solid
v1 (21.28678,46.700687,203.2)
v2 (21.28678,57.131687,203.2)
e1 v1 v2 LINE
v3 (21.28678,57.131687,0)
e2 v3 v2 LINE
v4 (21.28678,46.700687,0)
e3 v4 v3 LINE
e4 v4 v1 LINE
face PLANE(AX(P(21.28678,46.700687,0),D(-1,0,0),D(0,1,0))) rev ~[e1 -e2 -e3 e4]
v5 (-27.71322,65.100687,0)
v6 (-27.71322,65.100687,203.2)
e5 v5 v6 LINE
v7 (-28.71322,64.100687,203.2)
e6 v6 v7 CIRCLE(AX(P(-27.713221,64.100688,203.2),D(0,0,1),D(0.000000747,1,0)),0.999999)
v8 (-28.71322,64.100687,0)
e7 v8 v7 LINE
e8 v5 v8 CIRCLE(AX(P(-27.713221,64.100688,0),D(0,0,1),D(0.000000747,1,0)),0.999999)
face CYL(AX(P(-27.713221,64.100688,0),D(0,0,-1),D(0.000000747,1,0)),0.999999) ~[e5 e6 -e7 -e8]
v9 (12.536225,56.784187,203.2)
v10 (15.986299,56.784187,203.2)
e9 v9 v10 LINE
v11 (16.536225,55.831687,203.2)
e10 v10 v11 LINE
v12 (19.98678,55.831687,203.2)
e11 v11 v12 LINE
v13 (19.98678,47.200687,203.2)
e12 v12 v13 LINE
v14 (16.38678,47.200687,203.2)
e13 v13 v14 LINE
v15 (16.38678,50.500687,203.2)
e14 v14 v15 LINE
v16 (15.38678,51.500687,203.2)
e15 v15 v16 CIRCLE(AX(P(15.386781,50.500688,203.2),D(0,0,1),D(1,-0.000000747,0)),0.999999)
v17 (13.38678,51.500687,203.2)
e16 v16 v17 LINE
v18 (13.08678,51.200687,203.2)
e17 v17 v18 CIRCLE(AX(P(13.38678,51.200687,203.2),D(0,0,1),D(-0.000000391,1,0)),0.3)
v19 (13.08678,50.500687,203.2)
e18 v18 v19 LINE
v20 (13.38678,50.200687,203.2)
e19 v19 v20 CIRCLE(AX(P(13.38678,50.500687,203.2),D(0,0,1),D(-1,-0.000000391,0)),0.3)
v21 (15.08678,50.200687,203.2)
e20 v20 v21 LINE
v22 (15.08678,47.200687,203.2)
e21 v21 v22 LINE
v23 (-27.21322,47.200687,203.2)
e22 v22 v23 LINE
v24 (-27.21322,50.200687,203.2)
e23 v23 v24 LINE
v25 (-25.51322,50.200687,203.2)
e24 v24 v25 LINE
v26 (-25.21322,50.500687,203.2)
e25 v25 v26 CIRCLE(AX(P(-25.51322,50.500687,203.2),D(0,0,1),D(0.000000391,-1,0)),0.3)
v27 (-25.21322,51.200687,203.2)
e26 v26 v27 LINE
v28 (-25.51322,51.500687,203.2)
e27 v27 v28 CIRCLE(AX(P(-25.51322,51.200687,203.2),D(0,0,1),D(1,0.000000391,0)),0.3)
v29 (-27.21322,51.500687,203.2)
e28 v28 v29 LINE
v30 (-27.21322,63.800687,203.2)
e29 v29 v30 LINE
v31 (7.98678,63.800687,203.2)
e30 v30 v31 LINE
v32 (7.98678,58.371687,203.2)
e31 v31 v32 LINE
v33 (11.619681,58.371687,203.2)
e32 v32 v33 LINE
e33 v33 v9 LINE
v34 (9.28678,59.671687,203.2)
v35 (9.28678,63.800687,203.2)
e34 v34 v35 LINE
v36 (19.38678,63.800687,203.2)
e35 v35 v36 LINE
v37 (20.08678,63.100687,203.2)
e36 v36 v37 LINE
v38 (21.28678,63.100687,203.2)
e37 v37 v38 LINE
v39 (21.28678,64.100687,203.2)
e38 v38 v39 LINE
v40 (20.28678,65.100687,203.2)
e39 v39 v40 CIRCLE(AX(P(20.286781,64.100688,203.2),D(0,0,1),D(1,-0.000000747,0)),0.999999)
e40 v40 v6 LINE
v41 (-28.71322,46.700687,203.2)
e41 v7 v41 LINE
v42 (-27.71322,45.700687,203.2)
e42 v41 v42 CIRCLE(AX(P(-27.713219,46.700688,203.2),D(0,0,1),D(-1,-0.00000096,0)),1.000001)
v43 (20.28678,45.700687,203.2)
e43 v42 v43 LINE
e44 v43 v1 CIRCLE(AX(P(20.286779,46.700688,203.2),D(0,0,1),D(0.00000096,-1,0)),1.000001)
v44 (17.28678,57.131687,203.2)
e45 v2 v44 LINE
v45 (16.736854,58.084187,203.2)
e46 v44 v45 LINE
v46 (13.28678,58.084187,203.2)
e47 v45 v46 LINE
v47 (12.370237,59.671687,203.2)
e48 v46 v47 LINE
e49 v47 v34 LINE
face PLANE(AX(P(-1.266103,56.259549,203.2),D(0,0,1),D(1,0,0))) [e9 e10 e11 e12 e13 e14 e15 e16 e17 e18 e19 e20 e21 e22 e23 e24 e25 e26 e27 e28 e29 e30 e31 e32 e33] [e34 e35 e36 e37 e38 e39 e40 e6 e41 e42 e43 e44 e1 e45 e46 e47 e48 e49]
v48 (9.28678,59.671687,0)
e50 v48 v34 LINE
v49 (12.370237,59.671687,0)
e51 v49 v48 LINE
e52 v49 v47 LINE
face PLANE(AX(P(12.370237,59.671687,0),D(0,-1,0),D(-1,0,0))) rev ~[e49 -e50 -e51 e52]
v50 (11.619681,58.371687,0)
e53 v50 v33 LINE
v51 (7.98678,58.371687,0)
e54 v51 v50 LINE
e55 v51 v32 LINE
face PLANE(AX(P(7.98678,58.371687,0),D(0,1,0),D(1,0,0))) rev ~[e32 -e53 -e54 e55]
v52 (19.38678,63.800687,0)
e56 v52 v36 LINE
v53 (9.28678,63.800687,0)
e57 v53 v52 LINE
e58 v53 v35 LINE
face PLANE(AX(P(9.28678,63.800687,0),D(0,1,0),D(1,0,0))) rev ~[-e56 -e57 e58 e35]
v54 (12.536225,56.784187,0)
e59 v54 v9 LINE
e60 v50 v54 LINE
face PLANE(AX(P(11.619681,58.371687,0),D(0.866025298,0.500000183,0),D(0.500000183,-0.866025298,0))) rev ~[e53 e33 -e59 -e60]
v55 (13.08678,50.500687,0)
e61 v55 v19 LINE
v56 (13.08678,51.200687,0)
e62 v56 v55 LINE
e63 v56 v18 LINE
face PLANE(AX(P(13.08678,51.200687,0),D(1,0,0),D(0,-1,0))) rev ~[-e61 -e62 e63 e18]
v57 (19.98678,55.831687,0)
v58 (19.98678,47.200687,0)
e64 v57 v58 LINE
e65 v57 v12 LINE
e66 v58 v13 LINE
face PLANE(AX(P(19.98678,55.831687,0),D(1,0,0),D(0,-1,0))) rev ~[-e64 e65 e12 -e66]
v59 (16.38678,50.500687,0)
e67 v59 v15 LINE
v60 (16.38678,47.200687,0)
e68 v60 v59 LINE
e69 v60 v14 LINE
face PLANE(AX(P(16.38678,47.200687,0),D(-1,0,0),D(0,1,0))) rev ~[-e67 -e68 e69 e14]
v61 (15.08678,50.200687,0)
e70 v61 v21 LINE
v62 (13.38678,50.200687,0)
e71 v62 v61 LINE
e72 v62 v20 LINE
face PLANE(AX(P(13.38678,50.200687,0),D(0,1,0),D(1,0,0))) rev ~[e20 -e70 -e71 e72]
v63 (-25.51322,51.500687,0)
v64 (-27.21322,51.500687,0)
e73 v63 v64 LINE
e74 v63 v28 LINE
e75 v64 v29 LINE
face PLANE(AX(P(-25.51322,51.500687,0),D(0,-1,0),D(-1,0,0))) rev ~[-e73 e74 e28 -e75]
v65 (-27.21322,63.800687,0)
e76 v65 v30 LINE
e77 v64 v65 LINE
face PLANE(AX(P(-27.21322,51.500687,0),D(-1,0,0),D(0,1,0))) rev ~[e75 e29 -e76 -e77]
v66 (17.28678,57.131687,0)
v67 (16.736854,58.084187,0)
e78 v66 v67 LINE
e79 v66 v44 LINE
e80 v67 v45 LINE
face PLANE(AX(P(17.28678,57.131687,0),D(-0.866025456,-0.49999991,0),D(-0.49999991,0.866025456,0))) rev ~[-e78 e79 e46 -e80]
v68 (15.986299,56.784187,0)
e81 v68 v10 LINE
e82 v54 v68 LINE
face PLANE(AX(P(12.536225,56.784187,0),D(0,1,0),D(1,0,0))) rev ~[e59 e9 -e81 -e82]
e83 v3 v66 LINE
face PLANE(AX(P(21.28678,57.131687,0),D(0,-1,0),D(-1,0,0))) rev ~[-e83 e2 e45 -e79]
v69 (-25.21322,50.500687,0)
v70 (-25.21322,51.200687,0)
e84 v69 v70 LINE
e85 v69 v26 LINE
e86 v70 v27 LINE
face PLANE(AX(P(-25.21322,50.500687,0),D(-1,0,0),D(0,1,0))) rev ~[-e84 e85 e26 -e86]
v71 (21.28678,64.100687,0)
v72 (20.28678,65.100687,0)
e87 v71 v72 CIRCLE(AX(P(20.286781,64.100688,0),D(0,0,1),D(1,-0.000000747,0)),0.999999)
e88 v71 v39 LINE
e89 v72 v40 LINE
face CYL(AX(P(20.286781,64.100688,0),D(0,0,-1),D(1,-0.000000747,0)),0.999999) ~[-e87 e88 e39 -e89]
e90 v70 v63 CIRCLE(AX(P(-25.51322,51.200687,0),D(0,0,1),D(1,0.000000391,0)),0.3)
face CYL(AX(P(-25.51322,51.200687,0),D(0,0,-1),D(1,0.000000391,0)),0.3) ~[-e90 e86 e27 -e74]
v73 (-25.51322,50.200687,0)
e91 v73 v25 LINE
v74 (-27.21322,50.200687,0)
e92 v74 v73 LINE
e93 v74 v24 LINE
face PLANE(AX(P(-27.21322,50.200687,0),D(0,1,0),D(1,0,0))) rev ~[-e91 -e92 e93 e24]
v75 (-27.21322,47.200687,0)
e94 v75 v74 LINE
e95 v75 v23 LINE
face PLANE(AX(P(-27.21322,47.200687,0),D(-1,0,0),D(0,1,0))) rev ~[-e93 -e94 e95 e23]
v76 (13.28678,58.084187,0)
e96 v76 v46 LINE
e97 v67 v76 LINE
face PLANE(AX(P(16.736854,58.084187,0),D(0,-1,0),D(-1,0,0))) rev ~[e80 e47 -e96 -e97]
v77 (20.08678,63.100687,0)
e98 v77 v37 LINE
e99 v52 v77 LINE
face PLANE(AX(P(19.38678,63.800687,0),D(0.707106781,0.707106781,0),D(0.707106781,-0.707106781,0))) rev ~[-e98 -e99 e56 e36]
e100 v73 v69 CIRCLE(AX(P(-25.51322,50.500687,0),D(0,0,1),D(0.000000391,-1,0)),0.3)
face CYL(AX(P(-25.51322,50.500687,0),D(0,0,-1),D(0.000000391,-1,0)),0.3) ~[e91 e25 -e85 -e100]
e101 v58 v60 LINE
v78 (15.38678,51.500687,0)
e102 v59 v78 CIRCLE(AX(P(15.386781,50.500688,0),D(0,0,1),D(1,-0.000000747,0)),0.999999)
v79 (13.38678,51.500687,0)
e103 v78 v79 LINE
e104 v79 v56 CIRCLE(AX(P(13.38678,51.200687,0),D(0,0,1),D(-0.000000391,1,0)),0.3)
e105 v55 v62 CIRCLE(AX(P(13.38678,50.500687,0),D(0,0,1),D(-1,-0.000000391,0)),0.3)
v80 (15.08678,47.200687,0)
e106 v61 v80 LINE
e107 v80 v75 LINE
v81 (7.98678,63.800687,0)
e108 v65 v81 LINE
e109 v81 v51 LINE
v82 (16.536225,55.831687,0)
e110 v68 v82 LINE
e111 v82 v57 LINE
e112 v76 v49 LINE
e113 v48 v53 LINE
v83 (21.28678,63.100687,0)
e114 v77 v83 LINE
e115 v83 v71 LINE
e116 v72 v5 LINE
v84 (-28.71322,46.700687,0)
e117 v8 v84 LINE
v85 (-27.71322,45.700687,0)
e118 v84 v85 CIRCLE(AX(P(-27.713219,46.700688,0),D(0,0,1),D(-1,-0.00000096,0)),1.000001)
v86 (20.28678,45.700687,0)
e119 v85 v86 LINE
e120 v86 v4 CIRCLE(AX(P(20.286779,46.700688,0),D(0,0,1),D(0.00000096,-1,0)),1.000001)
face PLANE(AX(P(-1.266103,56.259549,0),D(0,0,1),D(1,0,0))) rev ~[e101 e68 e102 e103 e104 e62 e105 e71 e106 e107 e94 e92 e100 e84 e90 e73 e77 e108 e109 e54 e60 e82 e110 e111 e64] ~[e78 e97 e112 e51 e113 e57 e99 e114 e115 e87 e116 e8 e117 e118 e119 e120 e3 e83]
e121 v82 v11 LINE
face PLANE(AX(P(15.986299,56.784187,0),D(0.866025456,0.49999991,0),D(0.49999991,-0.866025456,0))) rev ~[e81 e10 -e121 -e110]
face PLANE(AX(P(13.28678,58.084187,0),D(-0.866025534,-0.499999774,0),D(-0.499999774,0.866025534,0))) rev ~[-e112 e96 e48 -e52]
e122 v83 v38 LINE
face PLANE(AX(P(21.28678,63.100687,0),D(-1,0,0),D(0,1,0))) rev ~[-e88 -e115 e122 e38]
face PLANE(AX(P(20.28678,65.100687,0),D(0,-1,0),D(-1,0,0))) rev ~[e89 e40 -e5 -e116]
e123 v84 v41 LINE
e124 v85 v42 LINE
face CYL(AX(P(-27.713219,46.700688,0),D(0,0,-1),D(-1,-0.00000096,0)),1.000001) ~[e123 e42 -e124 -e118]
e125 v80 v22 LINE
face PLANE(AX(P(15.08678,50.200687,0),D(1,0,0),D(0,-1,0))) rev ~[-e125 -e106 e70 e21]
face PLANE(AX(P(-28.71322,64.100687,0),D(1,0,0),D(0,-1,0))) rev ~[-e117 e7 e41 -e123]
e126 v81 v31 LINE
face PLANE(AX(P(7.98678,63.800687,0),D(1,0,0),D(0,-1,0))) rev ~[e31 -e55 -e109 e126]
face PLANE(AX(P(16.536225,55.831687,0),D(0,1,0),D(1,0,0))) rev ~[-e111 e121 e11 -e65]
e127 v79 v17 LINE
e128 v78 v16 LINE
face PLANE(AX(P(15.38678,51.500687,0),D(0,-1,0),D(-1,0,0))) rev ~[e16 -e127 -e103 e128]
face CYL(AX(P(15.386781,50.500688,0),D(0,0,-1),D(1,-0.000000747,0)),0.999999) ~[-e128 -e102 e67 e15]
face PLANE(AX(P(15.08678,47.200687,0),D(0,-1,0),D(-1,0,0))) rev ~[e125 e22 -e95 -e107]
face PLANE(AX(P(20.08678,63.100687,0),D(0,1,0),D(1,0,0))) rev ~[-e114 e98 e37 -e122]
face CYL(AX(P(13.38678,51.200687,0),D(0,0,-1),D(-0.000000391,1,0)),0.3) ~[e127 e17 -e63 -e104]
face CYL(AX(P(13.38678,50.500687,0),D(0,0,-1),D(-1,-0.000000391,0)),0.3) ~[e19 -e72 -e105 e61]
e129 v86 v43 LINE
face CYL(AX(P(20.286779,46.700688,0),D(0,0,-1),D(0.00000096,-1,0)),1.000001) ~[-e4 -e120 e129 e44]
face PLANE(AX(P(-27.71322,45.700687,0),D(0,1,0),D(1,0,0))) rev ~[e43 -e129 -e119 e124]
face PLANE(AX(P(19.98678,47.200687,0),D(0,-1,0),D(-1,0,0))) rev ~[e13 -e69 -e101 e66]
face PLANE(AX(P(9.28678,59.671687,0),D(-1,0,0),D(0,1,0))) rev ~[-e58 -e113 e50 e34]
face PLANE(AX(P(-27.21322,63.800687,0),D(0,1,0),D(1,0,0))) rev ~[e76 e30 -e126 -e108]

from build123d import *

# Parameters (mm, degrees)
F1_DEPTH = 203.2


with BuildPart() as f1:
    # F0 (on Top) → F1 (new body)
    with BuildSketch(Plane.XY):
        with BuildLine():
            Line((12.370237, 59.671687), (9.28678, 59.671687))
            Line((9.28678, 59.671687), (9.28678, 63.800687))
            Line((9.28678, 63.800687), (19.38678, 63.800687))
            Line((19.38678, 63.800687), (20.08678, 63.100687))
            Line((20.08678, 63.100687), (21.28678, 63.100687))
            Line((21.28678, 63.100687), (21.28678, 64.100687))
            ThreePointArc((21.28678, 64.100687), (20.993887, 64.807794), (20.28678, 65.100687))
            Line((20.28678, 65.100687), (-27.71322, 65.100687))
            ThreePointArc((-27.71322, 65.100687), (-28.420327, 64.807794), (-28.71322, 64.100687))
            Line((-28.71322, 64.100687), (-28.71322, 46.700687))
            ThreePointArc((-28.71322, 46.700687), (-28.420327, 45.993581), (-27.71322, 45.700687))
            Line((-27.71322, 45.700687), (20.28678, 45.700687))
            ThreePointArc((20.28678, 45.700687), (20.993887, 45.993581), (21.28678, 46.700687))
            Line((21.28678, 46.700687), (21.28678, 57.131687))
            Line((21.28678, 57.131687), (17.28678, 57.131687))
            Line((17.28678, 57.131687), (16.736854, 58.084187))
            Line((16.736854, 58.084187), (13.28678, 58.084187))
            Line((13.28678, 58.084187), (12.370237, 59.671687))
        make_face()
        with BuildLine():
            Line((-27.21322, 51.500687), (-27.21322, 63.800687))
            Line((-27.21322, 63.800687), (7.98678, 63.800687))
            Line((7.98678, 63.800687), (7.98678, 58.371687))
            Line((7.98678, 58.371687), (11.619681, 58.371687))
            Line((11.619681, 58.371687), (12.536225, 56.784187))
            Line((12.536225, 56.784187), (15.986299, 56.784187))
            Line((15.986299, 56.784187), (16.536225, 55.831687))
            Line((16.536225, 55.831687), (19.98678, 55.831687))
            Line((19.98678, 55.831687), (19.98678, 47.200687))
            Line((19.98678, 47.200687), (16.38678, 47.200687))
            Line((16.38678, 47.200687), (16.38678, 50.500687))
            ThreePointArc((16.38678, 50.500687), (16.093887, 51.207794), (15.38678, 51.500687))
            Line((15.38678, 51.500687), (13.38678, 51.500687))
            ThreePointArc((13.38678, 51.500687), (13.174648, 51.412819), (13.08678, 51.200687))
            Line((13.08678, 51.200687), (13.08678, 50.500687))
            ThreePointArc((13.08678, 50.500687), (13.174648, 50.288555), (13.38678, 50.200687))
            Line((13.38678, 50.200687), (15.08678, 50.200687))
            Line((15.08678, 50.200687), (15.08678, 47.200687))
            Line((15.08678, 47.200687), (-27.21322, 47.200687))
            Line((-27.21322, 47.200687), (-27.21322, 50.200687))
            Line((-27.21322, 50.200687), (-25.51322, 50.200687))
            ThreePointArc((-25.51322, 50.200687), (-25.301088, 50.288555), (-25.21322, 50.500687))
            Line((-25.21322, 50.500687), (-25.21322, 51.200687))
            ThreePointArc((-25.21322, 51.200687), (-25.301088, 51.412819), (-25.51322, 51.500687))
            Line((-25.51322, 51.500687), (-27.21322, 51.500687))
        make_face(mode=Mode.SUBTRACT)
    extrude(amount=F1_DEPTH)


solid = f1.part
